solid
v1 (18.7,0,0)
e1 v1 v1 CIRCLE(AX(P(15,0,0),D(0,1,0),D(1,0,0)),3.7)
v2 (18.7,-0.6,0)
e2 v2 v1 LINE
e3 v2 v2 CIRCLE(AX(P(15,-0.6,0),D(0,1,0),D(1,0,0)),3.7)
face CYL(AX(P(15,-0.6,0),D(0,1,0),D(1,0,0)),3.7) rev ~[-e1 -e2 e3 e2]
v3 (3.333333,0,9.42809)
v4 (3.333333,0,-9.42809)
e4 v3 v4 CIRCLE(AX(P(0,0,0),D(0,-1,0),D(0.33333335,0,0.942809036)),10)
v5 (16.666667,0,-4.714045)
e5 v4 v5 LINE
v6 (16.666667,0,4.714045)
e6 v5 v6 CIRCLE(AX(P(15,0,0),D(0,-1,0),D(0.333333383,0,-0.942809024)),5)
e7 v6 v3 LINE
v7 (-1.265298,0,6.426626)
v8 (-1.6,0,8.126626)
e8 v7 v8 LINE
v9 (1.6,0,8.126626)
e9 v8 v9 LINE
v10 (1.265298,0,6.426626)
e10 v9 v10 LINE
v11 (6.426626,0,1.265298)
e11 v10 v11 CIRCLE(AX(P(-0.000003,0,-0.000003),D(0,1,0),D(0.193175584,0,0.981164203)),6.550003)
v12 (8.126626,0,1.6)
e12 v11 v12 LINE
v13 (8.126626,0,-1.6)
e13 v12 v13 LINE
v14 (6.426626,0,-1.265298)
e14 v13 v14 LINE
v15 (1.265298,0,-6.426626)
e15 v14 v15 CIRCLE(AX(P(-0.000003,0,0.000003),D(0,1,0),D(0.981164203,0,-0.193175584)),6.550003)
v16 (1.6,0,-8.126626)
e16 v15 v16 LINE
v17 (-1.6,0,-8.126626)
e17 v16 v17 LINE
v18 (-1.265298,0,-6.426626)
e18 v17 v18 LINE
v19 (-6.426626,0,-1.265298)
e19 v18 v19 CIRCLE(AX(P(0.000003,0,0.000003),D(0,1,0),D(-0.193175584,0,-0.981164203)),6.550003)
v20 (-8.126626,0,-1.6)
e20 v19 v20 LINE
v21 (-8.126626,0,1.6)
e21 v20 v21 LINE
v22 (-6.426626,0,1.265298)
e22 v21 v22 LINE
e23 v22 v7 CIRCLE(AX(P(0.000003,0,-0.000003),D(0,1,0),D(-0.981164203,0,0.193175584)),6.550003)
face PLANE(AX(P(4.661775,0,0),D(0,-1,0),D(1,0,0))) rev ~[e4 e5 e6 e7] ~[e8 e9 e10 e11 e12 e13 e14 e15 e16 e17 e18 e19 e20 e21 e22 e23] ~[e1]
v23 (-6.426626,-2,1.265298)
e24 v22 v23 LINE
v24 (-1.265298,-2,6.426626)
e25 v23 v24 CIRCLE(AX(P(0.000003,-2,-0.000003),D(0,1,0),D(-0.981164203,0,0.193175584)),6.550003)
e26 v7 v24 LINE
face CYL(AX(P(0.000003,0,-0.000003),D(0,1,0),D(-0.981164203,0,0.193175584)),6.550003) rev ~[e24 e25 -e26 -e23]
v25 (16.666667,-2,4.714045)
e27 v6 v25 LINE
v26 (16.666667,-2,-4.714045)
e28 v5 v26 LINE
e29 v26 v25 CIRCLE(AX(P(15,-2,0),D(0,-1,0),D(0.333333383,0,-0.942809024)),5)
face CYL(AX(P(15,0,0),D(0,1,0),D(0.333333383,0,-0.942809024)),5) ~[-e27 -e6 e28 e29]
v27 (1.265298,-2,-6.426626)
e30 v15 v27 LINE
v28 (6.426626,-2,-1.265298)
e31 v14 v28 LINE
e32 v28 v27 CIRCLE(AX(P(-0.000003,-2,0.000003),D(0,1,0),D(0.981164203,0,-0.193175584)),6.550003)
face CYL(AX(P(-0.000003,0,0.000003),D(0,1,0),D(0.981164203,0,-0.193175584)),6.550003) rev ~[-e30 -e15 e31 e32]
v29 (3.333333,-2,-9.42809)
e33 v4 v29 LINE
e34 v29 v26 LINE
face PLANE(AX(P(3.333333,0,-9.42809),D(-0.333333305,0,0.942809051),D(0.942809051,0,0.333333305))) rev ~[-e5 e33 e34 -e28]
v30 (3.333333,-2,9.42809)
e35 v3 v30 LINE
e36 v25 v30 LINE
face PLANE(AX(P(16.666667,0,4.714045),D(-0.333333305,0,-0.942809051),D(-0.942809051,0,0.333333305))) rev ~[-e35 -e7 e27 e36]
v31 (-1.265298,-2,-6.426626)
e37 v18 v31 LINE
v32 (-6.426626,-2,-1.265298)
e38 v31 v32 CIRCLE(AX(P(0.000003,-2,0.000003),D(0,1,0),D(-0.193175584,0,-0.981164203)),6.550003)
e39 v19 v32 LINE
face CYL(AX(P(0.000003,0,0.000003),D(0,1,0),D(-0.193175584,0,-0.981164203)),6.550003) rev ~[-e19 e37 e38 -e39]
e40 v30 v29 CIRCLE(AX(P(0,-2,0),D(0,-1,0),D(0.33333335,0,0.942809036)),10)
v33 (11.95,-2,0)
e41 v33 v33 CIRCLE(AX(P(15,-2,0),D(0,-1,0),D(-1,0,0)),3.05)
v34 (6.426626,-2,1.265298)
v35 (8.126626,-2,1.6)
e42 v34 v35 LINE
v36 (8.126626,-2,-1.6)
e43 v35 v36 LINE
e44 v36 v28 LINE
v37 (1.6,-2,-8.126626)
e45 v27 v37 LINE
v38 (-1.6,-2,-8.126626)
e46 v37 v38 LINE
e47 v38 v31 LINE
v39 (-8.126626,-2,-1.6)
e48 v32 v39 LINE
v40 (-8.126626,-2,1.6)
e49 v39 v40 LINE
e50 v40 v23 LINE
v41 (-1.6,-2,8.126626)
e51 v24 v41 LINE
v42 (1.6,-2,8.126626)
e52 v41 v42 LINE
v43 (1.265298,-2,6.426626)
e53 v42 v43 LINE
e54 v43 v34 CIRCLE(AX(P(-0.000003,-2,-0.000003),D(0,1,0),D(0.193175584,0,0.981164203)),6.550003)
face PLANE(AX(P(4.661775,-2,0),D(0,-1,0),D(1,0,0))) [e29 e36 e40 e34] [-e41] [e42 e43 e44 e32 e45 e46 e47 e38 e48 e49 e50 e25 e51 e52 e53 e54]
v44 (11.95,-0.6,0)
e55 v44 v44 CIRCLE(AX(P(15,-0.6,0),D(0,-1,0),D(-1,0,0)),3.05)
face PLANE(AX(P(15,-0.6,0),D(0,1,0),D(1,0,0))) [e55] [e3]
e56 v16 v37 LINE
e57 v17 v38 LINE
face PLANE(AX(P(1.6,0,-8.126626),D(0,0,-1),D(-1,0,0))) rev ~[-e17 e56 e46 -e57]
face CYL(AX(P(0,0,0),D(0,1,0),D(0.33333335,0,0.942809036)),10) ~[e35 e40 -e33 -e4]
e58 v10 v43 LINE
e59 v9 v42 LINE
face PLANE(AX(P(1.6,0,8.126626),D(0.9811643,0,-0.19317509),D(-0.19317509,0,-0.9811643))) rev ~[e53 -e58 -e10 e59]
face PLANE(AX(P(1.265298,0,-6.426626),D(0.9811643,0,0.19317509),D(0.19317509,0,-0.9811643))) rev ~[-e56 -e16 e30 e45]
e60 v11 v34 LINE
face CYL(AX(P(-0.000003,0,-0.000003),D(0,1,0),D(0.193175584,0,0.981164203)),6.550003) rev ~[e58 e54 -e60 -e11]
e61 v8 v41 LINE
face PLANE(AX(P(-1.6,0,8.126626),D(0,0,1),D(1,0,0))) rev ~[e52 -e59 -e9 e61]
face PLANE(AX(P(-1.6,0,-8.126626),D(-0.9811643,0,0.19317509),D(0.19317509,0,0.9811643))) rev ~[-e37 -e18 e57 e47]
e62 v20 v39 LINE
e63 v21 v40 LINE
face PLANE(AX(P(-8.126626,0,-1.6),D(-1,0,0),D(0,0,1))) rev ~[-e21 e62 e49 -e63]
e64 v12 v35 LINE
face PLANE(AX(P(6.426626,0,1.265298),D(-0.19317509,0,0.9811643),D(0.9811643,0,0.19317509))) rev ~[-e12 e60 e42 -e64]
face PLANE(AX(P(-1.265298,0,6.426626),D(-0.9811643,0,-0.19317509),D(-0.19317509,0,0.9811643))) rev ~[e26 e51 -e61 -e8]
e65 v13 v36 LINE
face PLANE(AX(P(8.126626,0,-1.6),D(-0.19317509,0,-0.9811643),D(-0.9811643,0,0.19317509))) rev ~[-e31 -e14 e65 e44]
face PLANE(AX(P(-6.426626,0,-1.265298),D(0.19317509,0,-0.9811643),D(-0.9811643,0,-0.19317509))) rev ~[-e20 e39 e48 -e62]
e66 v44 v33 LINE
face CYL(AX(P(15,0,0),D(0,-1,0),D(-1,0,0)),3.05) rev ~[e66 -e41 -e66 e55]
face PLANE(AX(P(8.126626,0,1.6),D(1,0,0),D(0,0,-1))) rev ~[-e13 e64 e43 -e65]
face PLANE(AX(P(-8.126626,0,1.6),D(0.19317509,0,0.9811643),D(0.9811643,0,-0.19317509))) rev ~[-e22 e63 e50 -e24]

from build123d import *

# Parameters (mm, degrees)
F1_DEPTH       = 2
F2_D           = 6.1
F2_CBORE_D     = 7.4
F2_CBORE_DEPTH = 0.6


with BuildPart() as f1:
    # F0 (on Front) → F1 (new body)
    with BuildSketch(Plane.XZ):
        with BuildLine():
            Line((16.666667, 4.714045), (3.333333, 9.42809))
            ThreePointArc((3.333333, 9.42809), (-10, 0), (3.333333, -9.42809))
            Line((3.333333, -9.42809), (16.666667, -4.714045))
            ThreePointArc((16.666667, -4.714045), (20, 0), (16.666667, 4.714045))
        make_face()
        with BuildLine():
            ThreePointArc((1.265298, 6.426626), (4.631549, 4.631549), (6.426626, 1.265298))
            Line((6.426626, 1.265298), (8.126626, 1.6))
            Line((8.126626, 1.6), (8.126626, -1.6))
            Line((8.126626, -1.6), (6.426626, -1.265298))
            ThreePointArc((6.426626, -1.265298), (4.631549, -4.631549), (1.265298, -6.426626))
            Line((1.265298, -6.426626), (1.6, -8.126626))
            Line((1.6, -8.126626), (-1.6, -8.126626))
            Line((-1.6, -8.126626), (-1.265298, -6.426626))
            ThreePointArc((-1.265298, -6.426626), (-4.631549, -4.631549), (-6.426626, -1.265298))
            Line((-6.426626, -1.265298), (-8.126626, -1.6))
            Line((-8.126626, -1.6), (-8.126626, 1.6))
            Line((-8.126626, 1.6), (-6.426626, 1.265298))
            ThreePointArc((-6.426626, 1.265298), (-4.631549, 4.631549), (-1.265298, 6.426626))
            Line((-1.265298, 6.426626), (-1.6, 8.126626))
            Line((-1.6, 8.126626), (1.6, 8.126626))
            Line((1.6, 8.126626), (1.265298, 6.426626))
        make_face(mode=Mode.SUBTRACT)
    extrude(amount=F1_DEPTH)

    # F2 (through all)
    with Locations(Plane(origin=(0, 0, 0), x_dir=(1, 0, 0), z_dir=(0, 1, 0))):
        with Locations((15, 0)):
            CounterBoreHole(F2_D / 2, F2_CBORE_D / 2, F2_CBORE_DEPTH)


solid = f1.part
